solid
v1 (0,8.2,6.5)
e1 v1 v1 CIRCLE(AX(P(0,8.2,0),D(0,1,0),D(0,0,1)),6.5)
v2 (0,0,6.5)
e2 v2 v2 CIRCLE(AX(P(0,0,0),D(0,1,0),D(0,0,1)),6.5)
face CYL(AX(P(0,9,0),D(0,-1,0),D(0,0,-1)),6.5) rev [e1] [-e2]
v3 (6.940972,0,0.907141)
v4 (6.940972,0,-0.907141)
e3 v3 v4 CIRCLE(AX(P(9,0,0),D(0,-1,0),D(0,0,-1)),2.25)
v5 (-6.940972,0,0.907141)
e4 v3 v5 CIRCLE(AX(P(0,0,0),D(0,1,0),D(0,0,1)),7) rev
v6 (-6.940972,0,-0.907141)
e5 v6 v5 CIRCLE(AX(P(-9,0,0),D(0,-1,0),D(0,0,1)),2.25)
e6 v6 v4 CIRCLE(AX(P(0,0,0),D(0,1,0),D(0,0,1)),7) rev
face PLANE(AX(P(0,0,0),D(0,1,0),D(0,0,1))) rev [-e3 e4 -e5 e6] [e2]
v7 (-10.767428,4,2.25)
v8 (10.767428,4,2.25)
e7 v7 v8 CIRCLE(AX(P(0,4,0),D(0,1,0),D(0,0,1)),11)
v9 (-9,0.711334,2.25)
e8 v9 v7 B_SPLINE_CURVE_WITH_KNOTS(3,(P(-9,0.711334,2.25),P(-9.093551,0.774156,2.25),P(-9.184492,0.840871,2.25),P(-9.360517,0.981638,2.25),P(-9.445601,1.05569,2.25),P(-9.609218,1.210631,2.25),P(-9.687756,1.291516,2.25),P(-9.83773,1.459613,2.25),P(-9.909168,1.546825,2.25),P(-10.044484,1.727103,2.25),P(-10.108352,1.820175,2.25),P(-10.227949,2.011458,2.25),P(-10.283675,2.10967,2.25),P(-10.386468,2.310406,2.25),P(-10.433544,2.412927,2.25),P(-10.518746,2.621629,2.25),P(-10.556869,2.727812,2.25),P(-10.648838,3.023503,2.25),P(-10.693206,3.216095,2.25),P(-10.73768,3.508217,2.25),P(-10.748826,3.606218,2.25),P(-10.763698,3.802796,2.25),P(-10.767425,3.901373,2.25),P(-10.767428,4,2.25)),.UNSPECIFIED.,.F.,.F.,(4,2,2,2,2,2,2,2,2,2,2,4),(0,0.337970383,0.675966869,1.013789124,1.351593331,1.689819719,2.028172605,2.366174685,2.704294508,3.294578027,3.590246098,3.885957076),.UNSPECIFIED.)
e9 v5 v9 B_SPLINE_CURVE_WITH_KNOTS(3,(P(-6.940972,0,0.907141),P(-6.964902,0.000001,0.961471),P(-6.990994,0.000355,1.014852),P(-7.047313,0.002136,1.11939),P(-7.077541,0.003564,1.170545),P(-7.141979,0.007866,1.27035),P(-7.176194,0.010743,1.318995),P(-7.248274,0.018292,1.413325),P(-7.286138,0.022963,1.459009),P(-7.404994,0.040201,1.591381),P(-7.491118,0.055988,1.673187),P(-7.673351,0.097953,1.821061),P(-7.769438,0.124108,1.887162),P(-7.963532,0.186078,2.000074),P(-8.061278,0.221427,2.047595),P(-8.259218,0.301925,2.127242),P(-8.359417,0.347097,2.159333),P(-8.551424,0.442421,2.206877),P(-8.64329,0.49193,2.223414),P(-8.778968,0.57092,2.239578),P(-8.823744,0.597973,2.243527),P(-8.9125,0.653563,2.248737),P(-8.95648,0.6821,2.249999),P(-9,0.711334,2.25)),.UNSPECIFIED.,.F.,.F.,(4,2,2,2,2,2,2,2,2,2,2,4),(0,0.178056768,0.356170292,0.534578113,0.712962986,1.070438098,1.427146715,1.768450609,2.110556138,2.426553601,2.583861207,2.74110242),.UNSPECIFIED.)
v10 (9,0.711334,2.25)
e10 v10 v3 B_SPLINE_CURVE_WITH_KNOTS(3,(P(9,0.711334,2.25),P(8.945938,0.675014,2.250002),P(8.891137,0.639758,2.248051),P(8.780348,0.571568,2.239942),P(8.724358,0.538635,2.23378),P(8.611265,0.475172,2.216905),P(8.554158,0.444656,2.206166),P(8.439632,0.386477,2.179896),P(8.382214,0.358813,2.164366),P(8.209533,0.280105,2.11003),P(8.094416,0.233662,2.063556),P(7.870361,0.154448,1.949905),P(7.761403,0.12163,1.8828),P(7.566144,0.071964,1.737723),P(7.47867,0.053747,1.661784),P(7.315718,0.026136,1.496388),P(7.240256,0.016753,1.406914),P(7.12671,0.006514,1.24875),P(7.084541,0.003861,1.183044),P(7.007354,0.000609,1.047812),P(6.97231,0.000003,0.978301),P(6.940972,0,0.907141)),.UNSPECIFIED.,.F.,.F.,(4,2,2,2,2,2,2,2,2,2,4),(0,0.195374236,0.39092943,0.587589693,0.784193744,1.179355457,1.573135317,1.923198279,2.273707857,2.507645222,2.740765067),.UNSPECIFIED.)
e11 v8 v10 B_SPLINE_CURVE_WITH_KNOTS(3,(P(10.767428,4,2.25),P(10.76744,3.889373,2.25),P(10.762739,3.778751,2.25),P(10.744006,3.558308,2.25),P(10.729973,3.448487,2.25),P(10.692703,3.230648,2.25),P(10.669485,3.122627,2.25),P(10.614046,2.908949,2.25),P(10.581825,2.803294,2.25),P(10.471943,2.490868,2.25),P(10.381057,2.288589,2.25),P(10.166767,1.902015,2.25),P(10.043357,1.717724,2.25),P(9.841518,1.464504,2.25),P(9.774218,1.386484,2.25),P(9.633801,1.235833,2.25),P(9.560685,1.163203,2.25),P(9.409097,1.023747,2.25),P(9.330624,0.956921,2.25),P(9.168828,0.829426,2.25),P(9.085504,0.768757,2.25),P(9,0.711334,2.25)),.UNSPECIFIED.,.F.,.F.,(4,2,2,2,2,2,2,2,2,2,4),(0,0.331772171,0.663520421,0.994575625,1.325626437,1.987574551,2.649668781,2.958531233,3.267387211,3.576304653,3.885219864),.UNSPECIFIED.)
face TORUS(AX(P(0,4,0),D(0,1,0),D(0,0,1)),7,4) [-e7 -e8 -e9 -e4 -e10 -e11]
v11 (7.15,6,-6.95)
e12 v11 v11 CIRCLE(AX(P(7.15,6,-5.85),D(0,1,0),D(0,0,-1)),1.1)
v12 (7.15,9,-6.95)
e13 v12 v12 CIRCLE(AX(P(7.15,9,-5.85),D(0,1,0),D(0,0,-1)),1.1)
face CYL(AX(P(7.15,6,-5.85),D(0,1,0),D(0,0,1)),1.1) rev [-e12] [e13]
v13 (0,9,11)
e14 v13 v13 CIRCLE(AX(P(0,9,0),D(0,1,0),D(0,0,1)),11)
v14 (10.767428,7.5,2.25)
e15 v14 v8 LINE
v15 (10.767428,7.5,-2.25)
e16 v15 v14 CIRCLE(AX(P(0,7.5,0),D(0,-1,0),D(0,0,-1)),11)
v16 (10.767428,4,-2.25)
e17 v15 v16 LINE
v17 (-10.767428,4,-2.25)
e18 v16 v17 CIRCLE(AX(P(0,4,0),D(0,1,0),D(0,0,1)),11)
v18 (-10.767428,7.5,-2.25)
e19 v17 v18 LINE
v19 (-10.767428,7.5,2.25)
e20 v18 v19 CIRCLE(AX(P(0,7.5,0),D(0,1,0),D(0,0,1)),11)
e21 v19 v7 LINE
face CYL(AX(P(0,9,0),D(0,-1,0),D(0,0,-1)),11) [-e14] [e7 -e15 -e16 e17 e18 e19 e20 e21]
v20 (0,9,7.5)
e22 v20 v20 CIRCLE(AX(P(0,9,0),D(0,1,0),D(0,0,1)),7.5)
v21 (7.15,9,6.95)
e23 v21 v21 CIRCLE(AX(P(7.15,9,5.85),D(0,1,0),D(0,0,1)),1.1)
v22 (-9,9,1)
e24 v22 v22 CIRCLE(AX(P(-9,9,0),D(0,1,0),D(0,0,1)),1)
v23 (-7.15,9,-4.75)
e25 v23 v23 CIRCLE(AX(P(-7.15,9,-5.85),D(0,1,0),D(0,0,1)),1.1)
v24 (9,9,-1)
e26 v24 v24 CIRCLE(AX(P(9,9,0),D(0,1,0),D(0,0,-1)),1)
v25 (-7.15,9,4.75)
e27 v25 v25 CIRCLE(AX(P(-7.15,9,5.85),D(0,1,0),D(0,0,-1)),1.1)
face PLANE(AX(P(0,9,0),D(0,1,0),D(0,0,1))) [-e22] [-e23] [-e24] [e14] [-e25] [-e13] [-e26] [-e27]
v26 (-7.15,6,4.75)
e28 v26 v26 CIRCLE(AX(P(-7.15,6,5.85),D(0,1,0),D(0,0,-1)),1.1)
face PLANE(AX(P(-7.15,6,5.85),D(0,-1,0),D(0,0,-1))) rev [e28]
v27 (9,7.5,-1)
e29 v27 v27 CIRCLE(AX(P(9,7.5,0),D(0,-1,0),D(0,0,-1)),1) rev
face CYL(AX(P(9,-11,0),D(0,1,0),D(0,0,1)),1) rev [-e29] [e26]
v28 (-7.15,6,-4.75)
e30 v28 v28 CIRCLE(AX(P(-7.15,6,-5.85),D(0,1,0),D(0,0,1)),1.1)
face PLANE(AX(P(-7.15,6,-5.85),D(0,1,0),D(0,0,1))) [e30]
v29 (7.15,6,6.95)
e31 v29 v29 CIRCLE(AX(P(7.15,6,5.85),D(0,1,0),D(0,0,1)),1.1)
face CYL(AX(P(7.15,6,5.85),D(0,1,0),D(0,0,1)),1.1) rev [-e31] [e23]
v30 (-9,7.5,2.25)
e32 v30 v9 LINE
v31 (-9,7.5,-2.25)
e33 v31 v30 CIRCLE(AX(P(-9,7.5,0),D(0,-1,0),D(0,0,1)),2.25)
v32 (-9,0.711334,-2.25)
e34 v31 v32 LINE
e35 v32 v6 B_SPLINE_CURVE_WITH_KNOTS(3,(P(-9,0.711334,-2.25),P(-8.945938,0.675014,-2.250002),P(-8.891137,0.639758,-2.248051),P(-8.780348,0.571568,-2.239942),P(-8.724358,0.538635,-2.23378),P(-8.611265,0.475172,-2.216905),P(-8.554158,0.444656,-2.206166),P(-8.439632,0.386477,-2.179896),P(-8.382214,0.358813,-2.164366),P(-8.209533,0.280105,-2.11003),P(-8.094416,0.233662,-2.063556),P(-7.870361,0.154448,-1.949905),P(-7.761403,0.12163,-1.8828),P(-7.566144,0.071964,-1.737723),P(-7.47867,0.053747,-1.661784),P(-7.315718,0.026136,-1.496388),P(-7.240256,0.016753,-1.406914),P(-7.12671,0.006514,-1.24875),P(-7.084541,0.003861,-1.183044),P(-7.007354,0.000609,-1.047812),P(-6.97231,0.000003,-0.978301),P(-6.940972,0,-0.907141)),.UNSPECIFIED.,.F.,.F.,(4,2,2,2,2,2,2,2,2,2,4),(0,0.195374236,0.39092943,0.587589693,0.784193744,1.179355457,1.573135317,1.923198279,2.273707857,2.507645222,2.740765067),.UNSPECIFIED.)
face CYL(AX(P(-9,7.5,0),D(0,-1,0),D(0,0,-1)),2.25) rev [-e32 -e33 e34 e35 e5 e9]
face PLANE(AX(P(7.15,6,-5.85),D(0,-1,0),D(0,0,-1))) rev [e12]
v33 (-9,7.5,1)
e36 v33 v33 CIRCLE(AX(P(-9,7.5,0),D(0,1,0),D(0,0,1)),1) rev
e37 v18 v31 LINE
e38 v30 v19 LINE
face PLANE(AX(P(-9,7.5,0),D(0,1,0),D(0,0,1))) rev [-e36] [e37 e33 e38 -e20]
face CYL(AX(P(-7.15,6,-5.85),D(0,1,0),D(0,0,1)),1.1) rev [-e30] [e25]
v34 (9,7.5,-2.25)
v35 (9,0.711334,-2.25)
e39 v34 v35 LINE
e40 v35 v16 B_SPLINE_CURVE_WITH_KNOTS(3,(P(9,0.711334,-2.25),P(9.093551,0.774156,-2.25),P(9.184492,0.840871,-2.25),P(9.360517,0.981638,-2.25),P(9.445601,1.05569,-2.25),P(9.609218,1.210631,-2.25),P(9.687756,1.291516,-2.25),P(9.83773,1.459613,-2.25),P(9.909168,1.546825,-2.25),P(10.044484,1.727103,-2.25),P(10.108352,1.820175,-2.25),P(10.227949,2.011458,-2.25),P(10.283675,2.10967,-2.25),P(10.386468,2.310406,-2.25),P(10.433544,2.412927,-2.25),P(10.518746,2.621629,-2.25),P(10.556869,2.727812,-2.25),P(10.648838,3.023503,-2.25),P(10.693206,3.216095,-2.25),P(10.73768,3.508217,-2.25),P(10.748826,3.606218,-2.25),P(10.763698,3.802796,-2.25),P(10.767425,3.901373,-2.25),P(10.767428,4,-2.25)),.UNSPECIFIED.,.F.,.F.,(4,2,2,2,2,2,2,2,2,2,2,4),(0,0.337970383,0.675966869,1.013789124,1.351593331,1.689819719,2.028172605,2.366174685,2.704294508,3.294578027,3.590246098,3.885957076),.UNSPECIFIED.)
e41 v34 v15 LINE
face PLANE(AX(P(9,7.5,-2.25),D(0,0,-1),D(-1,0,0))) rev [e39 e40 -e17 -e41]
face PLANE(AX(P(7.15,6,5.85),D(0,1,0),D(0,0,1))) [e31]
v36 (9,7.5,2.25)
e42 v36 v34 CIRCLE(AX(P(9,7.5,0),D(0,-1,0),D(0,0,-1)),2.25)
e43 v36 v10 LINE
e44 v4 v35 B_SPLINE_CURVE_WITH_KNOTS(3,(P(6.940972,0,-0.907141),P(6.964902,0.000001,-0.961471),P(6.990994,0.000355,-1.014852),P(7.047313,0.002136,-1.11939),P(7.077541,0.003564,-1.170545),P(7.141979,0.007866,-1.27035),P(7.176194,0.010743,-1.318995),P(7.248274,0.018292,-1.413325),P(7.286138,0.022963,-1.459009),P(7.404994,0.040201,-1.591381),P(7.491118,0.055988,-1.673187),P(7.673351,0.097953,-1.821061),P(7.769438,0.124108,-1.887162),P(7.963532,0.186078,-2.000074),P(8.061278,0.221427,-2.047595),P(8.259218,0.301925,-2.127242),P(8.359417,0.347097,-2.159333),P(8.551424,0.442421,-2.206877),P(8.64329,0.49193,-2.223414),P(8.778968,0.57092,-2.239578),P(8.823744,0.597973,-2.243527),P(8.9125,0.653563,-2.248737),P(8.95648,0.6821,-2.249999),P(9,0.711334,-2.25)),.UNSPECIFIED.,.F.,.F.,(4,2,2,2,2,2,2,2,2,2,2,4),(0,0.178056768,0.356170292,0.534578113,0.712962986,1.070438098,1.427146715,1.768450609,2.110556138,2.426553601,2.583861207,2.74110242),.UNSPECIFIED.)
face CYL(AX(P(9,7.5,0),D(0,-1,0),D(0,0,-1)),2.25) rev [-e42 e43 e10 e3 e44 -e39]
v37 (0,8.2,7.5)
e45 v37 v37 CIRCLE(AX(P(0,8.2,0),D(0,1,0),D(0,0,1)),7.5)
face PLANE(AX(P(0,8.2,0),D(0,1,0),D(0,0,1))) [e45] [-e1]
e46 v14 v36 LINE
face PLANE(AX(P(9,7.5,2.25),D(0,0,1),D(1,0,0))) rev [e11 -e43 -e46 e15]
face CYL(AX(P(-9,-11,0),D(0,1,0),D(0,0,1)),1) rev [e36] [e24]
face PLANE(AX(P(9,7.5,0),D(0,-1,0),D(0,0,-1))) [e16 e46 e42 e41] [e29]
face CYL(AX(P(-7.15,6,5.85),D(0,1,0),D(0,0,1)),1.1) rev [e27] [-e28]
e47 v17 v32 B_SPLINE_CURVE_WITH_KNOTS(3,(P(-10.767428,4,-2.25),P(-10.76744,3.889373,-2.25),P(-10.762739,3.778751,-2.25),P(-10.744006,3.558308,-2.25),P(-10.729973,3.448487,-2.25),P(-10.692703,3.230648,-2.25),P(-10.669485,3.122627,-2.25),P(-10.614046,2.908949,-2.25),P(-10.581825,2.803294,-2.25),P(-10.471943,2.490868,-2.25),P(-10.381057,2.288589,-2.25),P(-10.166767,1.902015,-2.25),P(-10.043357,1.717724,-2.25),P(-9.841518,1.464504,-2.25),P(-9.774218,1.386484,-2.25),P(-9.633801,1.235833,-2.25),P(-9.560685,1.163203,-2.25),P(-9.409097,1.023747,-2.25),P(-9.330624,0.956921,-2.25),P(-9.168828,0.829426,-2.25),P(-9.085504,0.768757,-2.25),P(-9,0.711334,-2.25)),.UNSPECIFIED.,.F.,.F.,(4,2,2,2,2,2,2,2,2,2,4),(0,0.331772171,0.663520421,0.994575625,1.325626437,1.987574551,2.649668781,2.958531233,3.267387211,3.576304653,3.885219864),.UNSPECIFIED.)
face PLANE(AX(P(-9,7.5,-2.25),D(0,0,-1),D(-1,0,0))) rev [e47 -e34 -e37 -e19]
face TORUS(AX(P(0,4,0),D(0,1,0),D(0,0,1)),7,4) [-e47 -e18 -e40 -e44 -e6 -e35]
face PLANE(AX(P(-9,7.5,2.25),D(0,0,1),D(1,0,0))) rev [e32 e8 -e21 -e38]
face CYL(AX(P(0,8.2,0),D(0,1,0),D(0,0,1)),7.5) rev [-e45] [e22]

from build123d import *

# Parameters (mm, degrees)
SKETCH1_R           = 6.5
BOSS_EXTRUDE1_DEPTH = 9
SKETCH2_R           = 1.1
CUT_EXTRUDE1_DEPTH  = 3
SKETCH3_R           = 1
CUT_EXTRUDE2_DEPTH  = 20
CUT_EXTRUDE3_DEPTH  = 7.5
SKETCH6_W           = 6.8
SKETCH6_H           = 6.8
CUT_EXTRUDE4_DEPTH  = 5
SKETCH7_W           = 2.4
SKETCH7_H           = 2.4
CUT_EXTRUDE5_DEPTH  = 5
FILLET2_R           = 4
SKETCH8_R           = 1
CUT_EXTRUDE6_DEPTH  = 20
SKETCH9_R           = 7.5
CUT_EXTRUDE7_DEPTH  = 0.8
SKETCH11_W          = 5
SKETCH11_H          = 1
BOSS_EXTRUDE2_DEPTH = 5
SKETCH12_W          = 53.006357488
SKETCH12_H          = 54.029399369
SKETCH12_R          = 11
CUT_EXTRUDE9_DEPTH  = 10
FILLET3_R           = 4


with BuildPart() as part:
    # Sketch1 → Boss-Extrude1 (new body)
    with BuildSketch(Plane(origin=(0, 0, 0), x_dir=(1, 0, 0), z_dir=(0, 1, 0))):
        with BuildLine():
            Line((-11, 0), (-11, 22.01))
            ThreePointArc((-11, 22.01), (-7.781103525, 29.781103525), (-0.01, 33))
            Line((-0.01, 33), (0.01, 33))
            ThreePointArc((0.01, 33), (7.781103525, 29.781103525), (11, 22.01))
            Line((11, 22.01), (11, 0))
            ThreePointArc((11, 0), (0, -11), (-11, 0))
        make_face()
        Circle(SKETCH1_R, mode=Mode.SUBTRACT)
    extrude(amount=BOSS_EXTRUDE1_DEPTH)

    # Sketch2 → Cut-Extrude1 (cut)
    with BuildSketch(Plane(origin=(0, 9, 0), x_dir=(1, 0, 0), z_dir=(0, 1, 0))):
        with Locations((-7.15, 5.85)):
            Circle(SKETCH2_R)
        with Locations((-7.15, -5.85)):
            Circle(SKETCH2_R)
        with Locations((7.15, -5.85)):
            Circle(SKETCH2_R)
        with Locations((7.15, 5.85)):
            Circle(SKETCH2_R)
    extrude(amount=-CUT_EXTRUDE1_DEPTH, mode=Mode.SUBTRACT)

    # Sketch3 → Cut-Extrude2 (cut)
    with BuildSketch(Plane(origin=(0, 9, 0), x_dir=(1, 0, 0), z_dir=(0, 1, 0))):
        with Locations((-9, 0)):
            Circle(SKETCH3_R)
        with Locations((9, 0)):
            Circle(SKETCH3_R)
    extrude(amount=-CUT_EXTRUDE2_DEPTH, mode=Mode.SUBTRACT)

    # Sketch4 → Cut-Extrude3 (cut)
    with BuildSketch(Plane.XZ):
        with BuildLine():
            Line((-9, 2.25), (-10.767427734, 2.25))
            Line((-10.767427734, 2.25), (-12, 0))
            Line((-12, 0), (-11, -2.25))
            Line((-11, -2.25), (-9, -2.25))
            ThreePointArc((-9, -2.25), (-6.75, 0), (-9, 2.25))
        make_face()
        with BuildLine():
            Line((12, 0), (10.767427734, 2.25))
            Line((10.767427734, 2.25), (9, 2.25))
            ThreePointArc((9, 2.25), (6.75, 0), (9, -2.25))
            Line((9, -2.25), (11, -2.25))
            Line((11, -2.25), (12, 0))
        make_face()
    extrude(amount=-CUT_EXTRUDE3_DEPTH, mode=Mode.SUBTRACT)

    # Sketch6 → Cut-Extrude4 (cut)
    with BuildSketch(Plane.XZ):
        with Locations((0, -22.01)):
            Rectangle(SKETCH6_W, SKETCH6_H)
    extrude(amount=-CUT_EXTRUDE4_DEPTH, mode=Mode.SUBTRACT)

    # Sketch7 → Cut-Extrude5 (cut)
    with BuildSketch(Plane.XZ.offset(-5)):
        with Locations((2.2, -19.81)):
            Rectangle(SKETCH7_W, SKETCH7_H)
        with Locations((-2.2, -19.81)):
            Rectangle(SKETCH7_W, SKETCH7_H)
        with Locations((2.2, -24.21)):
            Rectangle(SKETCH7_W, SKETCH7_H)
        with Locations((-2.2, -24.21)):
            Rectangle(SKETCH7_W, SKETCH7_H)
    extrude(amount=-CUT_EXTRUDE5_DEPTH, mode=Mode.SUBTRACT)

    # Fillet2
    fillet2_edges = [part.edges().sort_by_distance(p)[0] for p in [
        (0, 0, 11),
    ]]
    fillet(fillet2_edges, radius=FILLET2_R)

    # Sketch8 → Cut-Extrude6 (cut)
    with BuildSketch(Plane.XZ):
        with Locations((-9, -22.01)):
            Circle(SKETCH8_R)
        with Locations((9, -22.01)):
            Circle(SKETCH8_R)
    extrude(amount=-CUT_EXTRUDE6_DEPTH, mode=Mode.SUBTRACT)

    # Sketch9 → Cut-Extrude7 (cut)
    with BuildSketch(Plane(origin=(0, 9, 0), x_dir=(1, 0, 0), z_dir=(0, 1, 0))):
        Circle(SKETCH9_R)
    extrude(amount=-CUT_EXTRUDE7_DEPTH, mode=Mode.SUBTRACT)

    # Sketch11 → Boss-Extrude2 (add)
    with BuildSketch(Plane.ZY.offset(-3.4)):
        with Locations((-14.185057965, 8.5)):
            Rectangle(SKETCH11_W, SKETCH11_H)
    extrude(amount=BOSS_EXTRUDE2_DEPTH)

    # Sketch12 → Cut-Extrude9 (cut)
    with BuildSketch(Plane.XZ):
        with Locations((2.65351488, -12.086981999)):
            Rectangle(SKETCH12_W, SKETCH12_H)
        Circle(SKETCH12_R, mode=Mode.SUBTRACT)
    extrude(amount=-CUT_EXTRUDE9_DEPTH, mode=Mode.SUBTRACT)

    # Fillet3
    fillet3_edges = [part.edges().sort_by_distance(p)[0] for p in [
        (0, 0, -11),
    ]]
    fillet(fillet3_edges, radius=FILLET3_R)


solid = part.part
